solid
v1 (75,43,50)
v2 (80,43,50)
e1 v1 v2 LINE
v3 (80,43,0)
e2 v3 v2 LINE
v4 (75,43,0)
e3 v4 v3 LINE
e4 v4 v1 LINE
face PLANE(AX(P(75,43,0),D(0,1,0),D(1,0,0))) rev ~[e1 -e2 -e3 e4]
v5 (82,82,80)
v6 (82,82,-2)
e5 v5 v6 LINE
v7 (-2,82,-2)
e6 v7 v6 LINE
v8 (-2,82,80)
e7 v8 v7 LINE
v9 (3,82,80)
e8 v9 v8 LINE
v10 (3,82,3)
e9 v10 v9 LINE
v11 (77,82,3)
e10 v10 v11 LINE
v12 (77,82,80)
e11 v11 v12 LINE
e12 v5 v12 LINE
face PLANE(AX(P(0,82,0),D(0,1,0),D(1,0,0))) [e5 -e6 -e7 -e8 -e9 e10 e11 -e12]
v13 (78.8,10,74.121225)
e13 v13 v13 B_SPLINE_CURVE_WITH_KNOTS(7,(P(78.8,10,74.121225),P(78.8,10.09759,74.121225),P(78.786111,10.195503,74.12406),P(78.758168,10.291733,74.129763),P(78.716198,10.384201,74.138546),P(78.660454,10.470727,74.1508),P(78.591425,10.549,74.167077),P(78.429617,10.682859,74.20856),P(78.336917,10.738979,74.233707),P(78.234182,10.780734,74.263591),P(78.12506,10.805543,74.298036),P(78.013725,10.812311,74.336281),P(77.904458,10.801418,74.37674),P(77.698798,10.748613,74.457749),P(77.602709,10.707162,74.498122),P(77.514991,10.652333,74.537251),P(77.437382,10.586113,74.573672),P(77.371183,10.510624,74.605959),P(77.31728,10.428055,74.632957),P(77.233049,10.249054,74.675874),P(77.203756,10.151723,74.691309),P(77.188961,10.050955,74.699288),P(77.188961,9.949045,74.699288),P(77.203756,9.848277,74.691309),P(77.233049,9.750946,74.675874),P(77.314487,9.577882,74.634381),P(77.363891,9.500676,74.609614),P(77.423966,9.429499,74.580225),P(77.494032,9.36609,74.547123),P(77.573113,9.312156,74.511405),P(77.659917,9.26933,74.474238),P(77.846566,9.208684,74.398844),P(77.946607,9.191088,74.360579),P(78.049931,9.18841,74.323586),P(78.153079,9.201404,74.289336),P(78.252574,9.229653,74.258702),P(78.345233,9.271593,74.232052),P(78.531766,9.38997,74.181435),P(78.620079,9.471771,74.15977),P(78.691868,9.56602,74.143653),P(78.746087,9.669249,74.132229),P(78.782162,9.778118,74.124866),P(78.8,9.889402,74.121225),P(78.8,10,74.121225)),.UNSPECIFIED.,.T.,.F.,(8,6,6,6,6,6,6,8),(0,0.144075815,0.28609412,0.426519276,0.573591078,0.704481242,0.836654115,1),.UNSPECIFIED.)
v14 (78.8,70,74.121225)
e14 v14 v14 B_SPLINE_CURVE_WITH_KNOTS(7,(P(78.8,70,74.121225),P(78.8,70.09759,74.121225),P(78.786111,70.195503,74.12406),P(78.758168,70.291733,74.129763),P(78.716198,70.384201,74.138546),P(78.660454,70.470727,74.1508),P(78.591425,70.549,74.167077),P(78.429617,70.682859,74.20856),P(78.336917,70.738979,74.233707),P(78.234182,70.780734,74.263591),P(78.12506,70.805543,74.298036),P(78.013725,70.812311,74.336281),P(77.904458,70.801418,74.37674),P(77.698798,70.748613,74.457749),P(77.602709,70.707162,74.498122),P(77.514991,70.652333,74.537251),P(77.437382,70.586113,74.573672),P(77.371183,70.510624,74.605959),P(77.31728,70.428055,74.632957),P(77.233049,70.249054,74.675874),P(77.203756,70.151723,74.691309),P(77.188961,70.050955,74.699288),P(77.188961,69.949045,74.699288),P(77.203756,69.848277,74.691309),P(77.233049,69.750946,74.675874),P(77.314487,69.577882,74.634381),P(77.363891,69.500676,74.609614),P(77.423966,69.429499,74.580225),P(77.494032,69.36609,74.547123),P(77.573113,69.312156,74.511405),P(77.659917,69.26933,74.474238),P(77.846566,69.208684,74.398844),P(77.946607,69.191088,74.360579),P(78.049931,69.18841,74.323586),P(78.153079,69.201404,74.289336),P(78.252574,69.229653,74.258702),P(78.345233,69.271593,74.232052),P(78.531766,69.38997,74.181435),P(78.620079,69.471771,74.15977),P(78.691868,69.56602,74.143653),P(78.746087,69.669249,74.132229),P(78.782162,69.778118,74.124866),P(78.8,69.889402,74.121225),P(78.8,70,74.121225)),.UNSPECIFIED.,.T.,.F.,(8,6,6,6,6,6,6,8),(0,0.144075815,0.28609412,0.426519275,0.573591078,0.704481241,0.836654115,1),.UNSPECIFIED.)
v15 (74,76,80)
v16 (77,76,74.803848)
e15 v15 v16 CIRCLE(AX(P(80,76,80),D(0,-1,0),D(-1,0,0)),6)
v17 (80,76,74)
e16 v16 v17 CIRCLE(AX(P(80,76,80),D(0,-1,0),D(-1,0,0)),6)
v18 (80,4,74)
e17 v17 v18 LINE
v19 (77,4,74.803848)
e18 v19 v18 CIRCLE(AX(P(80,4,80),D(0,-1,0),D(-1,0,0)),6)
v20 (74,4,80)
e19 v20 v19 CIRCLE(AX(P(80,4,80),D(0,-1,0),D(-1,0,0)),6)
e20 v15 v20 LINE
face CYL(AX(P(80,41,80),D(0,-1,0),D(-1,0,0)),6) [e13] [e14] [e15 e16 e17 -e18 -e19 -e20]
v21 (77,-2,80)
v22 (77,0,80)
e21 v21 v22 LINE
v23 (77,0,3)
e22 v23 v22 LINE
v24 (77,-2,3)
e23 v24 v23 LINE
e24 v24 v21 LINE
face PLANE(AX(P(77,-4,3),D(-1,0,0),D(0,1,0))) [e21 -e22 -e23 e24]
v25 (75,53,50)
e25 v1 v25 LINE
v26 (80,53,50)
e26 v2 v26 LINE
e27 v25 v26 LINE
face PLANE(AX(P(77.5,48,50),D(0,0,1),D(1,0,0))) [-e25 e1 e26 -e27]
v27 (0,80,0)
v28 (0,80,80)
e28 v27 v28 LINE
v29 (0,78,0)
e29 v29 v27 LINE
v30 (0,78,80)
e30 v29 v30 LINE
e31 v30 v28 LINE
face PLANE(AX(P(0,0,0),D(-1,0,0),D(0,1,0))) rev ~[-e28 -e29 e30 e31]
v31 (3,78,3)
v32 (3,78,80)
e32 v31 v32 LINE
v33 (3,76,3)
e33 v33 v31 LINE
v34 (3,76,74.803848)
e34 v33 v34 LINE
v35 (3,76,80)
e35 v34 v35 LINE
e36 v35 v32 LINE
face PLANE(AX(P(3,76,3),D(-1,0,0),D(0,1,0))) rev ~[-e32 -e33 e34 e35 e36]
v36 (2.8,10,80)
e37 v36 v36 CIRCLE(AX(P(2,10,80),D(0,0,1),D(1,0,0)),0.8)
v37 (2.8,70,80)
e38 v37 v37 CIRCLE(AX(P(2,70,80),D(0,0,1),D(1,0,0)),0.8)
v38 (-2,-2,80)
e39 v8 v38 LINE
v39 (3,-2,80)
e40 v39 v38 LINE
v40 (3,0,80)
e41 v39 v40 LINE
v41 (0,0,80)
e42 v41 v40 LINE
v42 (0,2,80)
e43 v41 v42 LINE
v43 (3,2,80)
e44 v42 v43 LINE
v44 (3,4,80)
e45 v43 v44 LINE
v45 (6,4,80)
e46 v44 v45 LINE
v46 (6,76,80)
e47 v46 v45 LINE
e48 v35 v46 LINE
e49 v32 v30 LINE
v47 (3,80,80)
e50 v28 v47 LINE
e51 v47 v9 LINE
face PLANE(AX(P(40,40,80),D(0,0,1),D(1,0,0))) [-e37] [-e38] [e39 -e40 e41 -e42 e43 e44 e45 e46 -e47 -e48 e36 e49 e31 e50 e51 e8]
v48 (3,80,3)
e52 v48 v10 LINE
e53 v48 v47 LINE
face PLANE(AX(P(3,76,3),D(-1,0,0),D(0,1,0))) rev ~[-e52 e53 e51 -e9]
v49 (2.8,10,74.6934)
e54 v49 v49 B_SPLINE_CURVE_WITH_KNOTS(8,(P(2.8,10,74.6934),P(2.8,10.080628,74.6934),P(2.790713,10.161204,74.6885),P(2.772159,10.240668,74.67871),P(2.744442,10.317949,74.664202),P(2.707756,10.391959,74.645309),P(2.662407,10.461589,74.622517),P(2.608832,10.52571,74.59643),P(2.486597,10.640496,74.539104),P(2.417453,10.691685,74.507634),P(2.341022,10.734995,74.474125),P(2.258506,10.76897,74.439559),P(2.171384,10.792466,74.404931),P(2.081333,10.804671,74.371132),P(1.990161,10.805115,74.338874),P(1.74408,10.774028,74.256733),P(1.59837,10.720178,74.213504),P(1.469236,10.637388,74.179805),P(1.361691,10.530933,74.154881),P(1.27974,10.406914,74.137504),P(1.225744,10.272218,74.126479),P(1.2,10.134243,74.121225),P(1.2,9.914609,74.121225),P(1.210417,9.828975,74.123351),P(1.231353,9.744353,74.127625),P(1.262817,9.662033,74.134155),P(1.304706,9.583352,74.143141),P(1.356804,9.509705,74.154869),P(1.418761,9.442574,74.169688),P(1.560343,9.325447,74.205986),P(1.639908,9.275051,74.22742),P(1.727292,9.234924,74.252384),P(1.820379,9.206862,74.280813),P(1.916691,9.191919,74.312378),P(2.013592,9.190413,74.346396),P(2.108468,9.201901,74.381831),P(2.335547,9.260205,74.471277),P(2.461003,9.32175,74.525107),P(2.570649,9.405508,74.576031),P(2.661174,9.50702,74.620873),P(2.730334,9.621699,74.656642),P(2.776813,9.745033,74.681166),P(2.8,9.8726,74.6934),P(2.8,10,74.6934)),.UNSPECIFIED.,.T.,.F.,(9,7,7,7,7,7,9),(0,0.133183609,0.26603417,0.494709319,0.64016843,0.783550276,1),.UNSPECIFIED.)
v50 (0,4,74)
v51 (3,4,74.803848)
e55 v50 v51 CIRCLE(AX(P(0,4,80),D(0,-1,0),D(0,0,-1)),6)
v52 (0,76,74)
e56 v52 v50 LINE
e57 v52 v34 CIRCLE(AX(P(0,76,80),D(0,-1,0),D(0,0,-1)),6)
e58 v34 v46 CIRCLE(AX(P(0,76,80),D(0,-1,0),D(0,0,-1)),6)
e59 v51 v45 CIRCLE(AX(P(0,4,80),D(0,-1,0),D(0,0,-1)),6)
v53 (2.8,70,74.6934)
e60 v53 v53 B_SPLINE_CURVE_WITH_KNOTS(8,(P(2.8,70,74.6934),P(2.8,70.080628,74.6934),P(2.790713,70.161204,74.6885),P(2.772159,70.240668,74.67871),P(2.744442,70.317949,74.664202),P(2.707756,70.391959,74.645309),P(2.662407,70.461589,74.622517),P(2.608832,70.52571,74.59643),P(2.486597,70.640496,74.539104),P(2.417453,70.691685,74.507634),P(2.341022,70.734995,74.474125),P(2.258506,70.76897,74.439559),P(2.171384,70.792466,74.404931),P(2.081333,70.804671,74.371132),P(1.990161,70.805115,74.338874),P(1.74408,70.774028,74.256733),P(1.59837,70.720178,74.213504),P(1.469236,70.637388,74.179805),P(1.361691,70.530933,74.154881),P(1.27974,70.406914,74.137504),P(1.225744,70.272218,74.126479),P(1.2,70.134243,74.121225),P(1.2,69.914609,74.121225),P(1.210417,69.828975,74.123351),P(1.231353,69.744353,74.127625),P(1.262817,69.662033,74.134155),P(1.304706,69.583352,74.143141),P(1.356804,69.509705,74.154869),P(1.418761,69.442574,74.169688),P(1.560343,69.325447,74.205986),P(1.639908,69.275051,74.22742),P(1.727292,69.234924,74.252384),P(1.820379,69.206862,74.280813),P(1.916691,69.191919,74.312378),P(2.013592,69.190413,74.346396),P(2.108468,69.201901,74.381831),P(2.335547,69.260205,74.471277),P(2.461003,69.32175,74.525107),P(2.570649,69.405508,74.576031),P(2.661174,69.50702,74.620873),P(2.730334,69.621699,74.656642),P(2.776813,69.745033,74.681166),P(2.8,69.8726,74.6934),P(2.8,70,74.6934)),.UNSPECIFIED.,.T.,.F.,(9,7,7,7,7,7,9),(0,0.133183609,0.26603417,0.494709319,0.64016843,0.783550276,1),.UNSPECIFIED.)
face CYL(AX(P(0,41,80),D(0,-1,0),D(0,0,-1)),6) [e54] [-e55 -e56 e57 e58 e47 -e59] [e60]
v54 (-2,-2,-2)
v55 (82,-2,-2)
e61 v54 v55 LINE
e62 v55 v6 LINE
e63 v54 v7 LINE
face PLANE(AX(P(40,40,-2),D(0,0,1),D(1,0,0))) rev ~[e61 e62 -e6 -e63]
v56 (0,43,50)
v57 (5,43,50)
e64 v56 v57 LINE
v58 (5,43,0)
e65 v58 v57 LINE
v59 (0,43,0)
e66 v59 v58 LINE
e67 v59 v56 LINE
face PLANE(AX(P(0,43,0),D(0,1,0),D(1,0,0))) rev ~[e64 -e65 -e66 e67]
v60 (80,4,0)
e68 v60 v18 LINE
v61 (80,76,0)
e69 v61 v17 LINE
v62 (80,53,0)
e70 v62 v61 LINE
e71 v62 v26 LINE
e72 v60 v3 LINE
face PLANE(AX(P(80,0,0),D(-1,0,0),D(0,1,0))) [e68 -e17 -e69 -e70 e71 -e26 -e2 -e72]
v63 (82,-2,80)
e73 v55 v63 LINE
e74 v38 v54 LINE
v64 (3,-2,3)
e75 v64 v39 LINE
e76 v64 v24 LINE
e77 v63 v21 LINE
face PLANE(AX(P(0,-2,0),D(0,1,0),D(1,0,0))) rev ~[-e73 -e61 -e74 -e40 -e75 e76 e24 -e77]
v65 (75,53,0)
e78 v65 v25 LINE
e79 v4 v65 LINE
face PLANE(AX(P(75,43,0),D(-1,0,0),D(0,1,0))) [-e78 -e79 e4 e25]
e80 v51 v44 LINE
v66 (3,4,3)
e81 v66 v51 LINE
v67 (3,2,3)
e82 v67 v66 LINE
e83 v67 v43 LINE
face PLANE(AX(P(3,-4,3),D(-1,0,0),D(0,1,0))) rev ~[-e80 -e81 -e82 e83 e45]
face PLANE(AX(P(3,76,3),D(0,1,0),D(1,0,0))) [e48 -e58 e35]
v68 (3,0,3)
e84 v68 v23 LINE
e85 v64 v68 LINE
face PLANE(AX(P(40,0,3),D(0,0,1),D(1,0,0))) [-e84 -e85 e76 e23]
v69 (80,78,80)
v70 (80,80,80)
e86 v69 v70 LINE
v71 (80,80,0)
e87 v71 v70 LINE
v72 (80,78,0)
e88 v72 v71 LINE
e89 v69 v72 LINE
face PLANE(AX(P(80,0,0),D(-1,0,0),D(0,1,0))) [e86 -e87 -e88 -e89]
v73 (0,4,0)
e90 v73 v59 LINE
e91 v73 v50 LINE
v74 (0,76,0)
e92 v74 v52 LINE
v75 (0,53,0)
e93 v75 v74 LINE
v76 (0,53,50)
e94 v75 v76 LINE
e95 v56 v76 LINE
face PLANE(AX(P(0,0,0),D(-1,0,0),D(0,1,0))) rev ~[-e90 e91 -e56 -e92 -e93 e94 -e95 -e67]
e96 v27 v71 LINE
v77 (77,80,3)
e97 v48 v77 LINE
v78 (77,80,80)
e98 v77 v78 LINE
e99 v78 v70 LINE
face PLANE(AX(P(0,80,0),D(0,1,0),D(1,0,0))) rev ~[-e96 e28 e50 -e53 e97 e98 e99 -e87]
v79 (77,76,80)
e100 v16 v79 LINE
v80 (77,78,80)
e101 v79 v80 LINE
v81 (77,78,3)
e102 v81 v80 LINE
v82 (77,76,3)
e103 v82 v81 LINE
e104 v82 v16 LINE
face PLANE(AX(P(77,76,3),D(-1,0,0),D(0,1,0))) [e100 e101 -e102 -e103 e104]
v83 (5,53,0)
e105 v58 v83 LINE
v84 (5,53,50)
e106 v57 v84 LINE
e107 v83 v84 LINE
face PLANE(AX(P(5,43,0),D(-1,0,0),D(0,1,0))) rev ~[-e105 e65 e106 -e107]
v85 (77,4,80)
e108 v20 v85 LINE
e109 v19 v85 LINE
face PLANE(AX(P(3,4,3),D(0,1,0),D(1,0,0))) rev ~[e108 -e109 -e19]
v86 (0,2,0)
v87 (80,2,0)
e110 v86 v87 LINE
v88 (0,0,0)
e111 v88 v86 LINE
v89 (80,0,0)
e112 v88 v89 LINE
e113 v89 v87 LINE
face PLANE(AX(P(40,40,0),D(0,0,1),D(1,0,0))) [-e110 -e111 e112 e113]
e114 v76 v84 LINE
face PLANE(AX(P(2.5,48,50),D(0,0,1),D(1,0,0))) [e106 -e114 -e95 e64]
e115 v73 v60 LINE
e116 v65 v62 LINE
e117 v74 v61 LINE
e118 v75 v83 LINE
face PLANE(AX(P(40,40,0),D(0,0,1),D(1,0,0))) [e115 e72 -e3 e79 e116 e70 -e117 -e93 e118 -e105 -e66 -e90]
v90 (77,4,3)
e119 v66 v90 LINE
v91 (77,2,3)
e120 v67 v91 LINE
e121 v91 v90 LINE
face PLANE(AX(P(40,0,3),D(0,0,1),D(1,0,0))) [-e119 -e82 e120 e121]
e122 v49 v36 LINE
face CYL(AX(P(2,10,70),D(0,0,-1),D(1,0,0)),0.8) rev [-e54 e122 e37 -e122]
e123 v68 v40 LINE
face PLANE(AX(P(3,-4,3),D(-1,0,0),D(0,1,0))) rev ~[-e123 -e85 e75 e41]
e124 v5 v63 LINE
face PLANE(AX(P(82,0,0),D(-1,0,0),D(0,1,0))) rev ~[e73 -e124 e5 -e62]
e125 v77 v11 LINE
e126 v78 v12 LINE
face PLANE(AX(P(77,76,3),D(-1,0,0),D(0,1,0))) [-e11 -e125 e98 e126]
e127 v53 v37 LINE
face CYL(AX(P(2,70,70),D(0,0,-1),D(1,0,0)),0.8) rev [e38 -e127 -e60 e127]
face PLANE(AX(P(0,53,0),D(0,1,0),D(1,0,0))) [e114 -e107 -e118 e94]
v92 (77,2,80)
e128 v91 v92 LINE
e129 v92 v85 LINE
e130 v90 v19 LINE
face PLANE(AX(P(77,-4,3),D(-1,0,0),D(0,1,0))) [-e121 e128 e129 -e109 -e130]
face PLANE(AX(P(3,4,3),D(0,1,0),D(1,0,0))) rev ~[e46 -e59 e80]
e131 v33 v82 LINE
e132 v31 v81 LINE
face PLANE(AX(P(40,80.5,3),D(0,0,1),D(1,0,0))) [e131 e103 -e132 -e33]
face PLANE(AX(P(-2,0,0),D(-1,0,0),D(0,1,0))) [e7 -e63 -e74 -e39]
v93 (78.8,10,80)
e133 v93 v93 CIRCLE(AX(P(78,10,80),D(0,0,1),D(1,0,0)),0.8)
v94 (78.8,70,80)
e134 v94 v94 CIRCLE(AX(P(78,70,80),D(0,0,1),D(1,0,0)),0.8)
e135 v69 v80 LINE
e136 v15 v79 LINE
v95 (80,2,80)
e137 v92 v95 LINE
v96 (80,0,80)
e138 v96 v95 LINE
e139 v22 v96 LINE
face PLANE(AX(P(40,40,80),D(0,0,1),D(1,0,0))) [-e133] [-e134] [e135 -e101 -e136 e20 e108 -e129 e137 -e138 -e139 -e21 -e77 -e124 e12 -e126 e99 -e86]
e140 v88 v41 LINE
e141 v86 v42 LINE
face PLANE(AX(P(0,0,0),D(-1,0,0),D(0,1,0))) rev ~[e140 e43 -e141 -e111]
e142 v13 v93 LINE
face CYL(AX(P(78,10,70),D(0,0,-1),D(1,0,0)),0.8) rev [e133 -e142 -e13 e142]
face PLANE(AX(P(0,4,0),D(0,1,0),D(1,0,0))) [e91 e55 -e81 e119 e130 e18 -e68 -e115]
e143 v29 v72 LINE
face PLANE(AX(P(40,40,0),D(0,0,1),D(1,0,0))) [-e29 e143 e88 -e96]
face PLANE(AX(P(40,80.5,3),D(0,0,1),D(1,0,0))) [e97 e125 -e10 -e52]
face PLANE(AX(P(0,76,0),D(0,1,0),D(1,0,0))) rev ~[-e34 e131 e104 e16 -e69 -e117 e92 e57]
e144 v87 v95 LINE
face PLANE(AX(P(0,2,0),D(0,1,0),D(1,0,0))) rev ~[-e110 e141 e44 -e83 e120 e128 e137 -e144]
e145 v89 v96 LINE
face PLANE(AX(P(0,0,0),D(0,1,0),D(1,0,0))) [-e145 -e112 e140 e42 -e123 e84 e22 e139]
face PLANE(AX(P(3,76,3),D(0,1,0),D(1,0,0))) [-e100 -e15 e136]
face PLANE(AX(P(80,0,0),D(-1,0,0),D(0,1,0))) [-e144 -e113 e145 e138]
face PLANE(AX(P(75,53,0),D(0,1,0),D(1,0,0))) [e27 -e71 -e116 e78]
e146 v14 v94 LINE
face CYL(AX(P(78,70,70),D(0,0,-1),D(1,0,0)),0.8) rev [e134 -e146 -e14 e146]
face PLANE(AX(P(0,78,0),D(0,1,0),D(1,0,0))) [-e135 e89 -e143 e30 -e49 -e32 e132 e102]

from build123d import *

# Parameters (mm, degrees)
CYLINDER_R        = 0.8
CYLINDER_DEPTH    = 10
CYLINDER001_R     = 0.8
CYLINDER001_DEPTH = 10
CYLINDER002_R     = 0.8
CYLINDER002_DEPTH = 10
CYLINDER003_R     = 0.8
CYLINDER003_DEPTH = 10
BOX004_W          = 74
BOX004_H          = 9
BOX004_DEPTH      = 77
BOX002_W          = 74
BOX002_H          = 8
BOX002_DEPTH      = 77
BOX_W             = 80
BOX_H             = 80
BOX_DEPTH         = 80
THICKNESS_T       = 2
BOX003_W          = 80
BOX003_H          = 2
BOX003_DEPTH      = 80
CYLINDER004_W     = 6
CYLINDER004_H     = 74
CYLINDER004_ANGLE = 90
CYLINDER005_W     = 6
CYLINDER005_H     = 74
CYLINDER005_ANGLE = 90
BOX005_W          = 5
BOX005_H          = 10
BOX005_DEPTH      = 50
BOX006_W          = 5
BOX006_H          = 10
BOX006_DEPTH      = 50
BOX001_W          = 80
BOX001_H          = 2
BOX001_DEPTH      = 80


with BuildPart() as cylinder:
    # Cylinder → Cylinder (new body)
    with BuildSketch(Plane(origin=(2, 10, 70), x_dir=(1, 0, 0), z_dir=(0, 0, 1))):
        Circle(CYLINDER_R)
    extrude(amount=CYLINDER_DEPTH)


with BuildPart() as cylinder001:
    # Cylinder001 → Cylinder001 (new body)
    with BuildSketch(Plane(origin=(2, 70, 70), x_dir=(1, 0, 0), z_dir=(0, 0, 1))):
        Circle(CYLINDER001_R)
    extrude(amount=CYLINDER001_DEPTH)


with BuildPart() as cylinder002:
    # Cylinder002 → Cylinder002 (new body)
    with BuildSketch(Plane(origin=(78, 70, 70), x_dir=(1, 0, 0), z_dir=(0, 0, 1))):
        Circle(CYLINDER002_R)
    extrude(amount=CYLINDER002_DEPTH)


with BuildPart() as cylinder003:
    # Cylinder003 → Cylinder003 (new body)
    with BuildSketch(Plane(origin=(78, 10, 70), x_dir=(1, 0, 0), z_dir=(0, 0, 1))):
        Circle(CYLINDER003_R)
    extrude(amount=CYLINDER003_DEPTH)


with BuildPart() as cube004:
    # Box004 → Box004 (new body)
    with BuildSketch(Plane(origin=(3, 76, 3), x_dir=(1, 0, 0), z_dir=(0, 0, 1))):
        with Locations((37, 4.5)):
            Rectangle(BOX004_W, BOX004_H)
    extrude(amount=BOX004_DEPTH)


with BuildPart() as fusion001:
    # Box002 → Box002 (new body)
    with BuildSketch(Plane(origin=(3, -4, 3), x_dir=(1, 0, 0), z_dir=(0, 0, 1))):
        with Locations((37, 4)):
            Rectangle(BOX002_W, BOX002_H)
    extrude(amount=BOX002_DEPTH)

    # Fusion001: union Cylinder, Cylinder001, Cylinder002, Cylinder003, Cube004
    add(cylinder.part)
    add(cylinder001.part)
    add(cylinder002.part)
    add(cylinder003.part)
    add(cube004.part)


with BuildPart() as thickness:
    # Box → Box (new body)
    with BuildSketch(Plane.XY):
        with Locations((40, 40)):
            Rectangle(BOX_W, BOX_H)
    extrude(amount=BOX_DEPTH)

    # Thickness
    thickness_openings = [thickness.faces().sort_by_distance(p)[0] for p in [
        (40, 40, 80),
    ]]
    offset(amount=THICKNESS_T, openings=thickness_openings, kind=Kind.INTERSECTION)


with BuildPart() as cube003:
    # Box003 → Box003 (new body)
    with BuildSketch(Plane(origin=(0, 76, 0), x_dir=(1, 0, 0), z_dir=(0, 0, 1))):
        with Locations((40, 1)):
            Rectangle(BOX003_W, BOX003_H)
    extrude(amount=BOX003_DEPTH)


with BuildPart() as cylinder004:
    # Cylinder004 → Cylinder004 (revolve)
    with BuildSketch(Plane(origin=(0, 78, 80), x_dir=(0, 0, -1), z_dir=(-1, 0, 0))):
        with Locations((3, 37)):
            Rectangle(CYLINDER004_W, CYLINDER004_H)
    revolve(axis=Axis((0, 78, 80), (0, -1, 0)), revolution_arc=CYLINDER004_ANGLE)


with BuildPart() as cylinder005:
    # Cylinder005 → Cylinder005 (revolve)
    with BuildSketch(Plane(origin=(80, 78, 80), x_dir=(-1, 0, 0), z_dir=(0, 0, 1))):
        with Locations((3, 37)):
            Rectangle(CYLINDER005_W, CYLINDER005_H)
    revolve(axis=Axis((80, 78, 80), (0, -1, 0)), revolution_arc=CYLINDER005_ANGLE)


with BuildPart() as cube005:
    # Box005 → Box005 (new body)
    with BuildSketch(Plane(origin=(0, 43, 0), x_dir=(1, 0, 0), z_dir=(0, 0, 1))):
        with Locations((2.5, 5)):
            Rectangle(BOX005_W, BOX005_H)
    extrude(amount=BOX005_DEPTH)


with BuildPart() as cube006:
    # Box006 → Box006 (new body)
    with BuildSketch(Plane(origin=(75, 43, 0), x_dir=(1, 0, 0), z_dir=(0, 0, 1))):
        with Locations((2.5, 5)):
            Rectangle(BOX006_W, BOX006_H)
    extrude(amount=BOX006_DEPTH)


with BuildPart() as cut_obal:
    # Box001 → Box001 (new body)
    with BuildSketch(Plane(origin=(0, 2, 0), x_dir=(1, 0, 0), z_dir=(0, 0, 1))):
        with Locations((40, 1)):
            Rectangle(BOX001_W, BOX001_H)
    extrude(amount=BOX001_DEPTH)

    # Fusion: union Thickness, Cube003, Cylinder004, Cylinder005, Cube005, Cube006
    add(thickness.part)
    add(cube003.part)
    add(cylinder004.part)
    add(cylinder005.part)
    add(cube005.part)
    add(cube006.part)

    # Cut: cut Fusion001
    add(fusion001.part, mode=Mode.SUBTRACT)


solid = cut_obal.part
